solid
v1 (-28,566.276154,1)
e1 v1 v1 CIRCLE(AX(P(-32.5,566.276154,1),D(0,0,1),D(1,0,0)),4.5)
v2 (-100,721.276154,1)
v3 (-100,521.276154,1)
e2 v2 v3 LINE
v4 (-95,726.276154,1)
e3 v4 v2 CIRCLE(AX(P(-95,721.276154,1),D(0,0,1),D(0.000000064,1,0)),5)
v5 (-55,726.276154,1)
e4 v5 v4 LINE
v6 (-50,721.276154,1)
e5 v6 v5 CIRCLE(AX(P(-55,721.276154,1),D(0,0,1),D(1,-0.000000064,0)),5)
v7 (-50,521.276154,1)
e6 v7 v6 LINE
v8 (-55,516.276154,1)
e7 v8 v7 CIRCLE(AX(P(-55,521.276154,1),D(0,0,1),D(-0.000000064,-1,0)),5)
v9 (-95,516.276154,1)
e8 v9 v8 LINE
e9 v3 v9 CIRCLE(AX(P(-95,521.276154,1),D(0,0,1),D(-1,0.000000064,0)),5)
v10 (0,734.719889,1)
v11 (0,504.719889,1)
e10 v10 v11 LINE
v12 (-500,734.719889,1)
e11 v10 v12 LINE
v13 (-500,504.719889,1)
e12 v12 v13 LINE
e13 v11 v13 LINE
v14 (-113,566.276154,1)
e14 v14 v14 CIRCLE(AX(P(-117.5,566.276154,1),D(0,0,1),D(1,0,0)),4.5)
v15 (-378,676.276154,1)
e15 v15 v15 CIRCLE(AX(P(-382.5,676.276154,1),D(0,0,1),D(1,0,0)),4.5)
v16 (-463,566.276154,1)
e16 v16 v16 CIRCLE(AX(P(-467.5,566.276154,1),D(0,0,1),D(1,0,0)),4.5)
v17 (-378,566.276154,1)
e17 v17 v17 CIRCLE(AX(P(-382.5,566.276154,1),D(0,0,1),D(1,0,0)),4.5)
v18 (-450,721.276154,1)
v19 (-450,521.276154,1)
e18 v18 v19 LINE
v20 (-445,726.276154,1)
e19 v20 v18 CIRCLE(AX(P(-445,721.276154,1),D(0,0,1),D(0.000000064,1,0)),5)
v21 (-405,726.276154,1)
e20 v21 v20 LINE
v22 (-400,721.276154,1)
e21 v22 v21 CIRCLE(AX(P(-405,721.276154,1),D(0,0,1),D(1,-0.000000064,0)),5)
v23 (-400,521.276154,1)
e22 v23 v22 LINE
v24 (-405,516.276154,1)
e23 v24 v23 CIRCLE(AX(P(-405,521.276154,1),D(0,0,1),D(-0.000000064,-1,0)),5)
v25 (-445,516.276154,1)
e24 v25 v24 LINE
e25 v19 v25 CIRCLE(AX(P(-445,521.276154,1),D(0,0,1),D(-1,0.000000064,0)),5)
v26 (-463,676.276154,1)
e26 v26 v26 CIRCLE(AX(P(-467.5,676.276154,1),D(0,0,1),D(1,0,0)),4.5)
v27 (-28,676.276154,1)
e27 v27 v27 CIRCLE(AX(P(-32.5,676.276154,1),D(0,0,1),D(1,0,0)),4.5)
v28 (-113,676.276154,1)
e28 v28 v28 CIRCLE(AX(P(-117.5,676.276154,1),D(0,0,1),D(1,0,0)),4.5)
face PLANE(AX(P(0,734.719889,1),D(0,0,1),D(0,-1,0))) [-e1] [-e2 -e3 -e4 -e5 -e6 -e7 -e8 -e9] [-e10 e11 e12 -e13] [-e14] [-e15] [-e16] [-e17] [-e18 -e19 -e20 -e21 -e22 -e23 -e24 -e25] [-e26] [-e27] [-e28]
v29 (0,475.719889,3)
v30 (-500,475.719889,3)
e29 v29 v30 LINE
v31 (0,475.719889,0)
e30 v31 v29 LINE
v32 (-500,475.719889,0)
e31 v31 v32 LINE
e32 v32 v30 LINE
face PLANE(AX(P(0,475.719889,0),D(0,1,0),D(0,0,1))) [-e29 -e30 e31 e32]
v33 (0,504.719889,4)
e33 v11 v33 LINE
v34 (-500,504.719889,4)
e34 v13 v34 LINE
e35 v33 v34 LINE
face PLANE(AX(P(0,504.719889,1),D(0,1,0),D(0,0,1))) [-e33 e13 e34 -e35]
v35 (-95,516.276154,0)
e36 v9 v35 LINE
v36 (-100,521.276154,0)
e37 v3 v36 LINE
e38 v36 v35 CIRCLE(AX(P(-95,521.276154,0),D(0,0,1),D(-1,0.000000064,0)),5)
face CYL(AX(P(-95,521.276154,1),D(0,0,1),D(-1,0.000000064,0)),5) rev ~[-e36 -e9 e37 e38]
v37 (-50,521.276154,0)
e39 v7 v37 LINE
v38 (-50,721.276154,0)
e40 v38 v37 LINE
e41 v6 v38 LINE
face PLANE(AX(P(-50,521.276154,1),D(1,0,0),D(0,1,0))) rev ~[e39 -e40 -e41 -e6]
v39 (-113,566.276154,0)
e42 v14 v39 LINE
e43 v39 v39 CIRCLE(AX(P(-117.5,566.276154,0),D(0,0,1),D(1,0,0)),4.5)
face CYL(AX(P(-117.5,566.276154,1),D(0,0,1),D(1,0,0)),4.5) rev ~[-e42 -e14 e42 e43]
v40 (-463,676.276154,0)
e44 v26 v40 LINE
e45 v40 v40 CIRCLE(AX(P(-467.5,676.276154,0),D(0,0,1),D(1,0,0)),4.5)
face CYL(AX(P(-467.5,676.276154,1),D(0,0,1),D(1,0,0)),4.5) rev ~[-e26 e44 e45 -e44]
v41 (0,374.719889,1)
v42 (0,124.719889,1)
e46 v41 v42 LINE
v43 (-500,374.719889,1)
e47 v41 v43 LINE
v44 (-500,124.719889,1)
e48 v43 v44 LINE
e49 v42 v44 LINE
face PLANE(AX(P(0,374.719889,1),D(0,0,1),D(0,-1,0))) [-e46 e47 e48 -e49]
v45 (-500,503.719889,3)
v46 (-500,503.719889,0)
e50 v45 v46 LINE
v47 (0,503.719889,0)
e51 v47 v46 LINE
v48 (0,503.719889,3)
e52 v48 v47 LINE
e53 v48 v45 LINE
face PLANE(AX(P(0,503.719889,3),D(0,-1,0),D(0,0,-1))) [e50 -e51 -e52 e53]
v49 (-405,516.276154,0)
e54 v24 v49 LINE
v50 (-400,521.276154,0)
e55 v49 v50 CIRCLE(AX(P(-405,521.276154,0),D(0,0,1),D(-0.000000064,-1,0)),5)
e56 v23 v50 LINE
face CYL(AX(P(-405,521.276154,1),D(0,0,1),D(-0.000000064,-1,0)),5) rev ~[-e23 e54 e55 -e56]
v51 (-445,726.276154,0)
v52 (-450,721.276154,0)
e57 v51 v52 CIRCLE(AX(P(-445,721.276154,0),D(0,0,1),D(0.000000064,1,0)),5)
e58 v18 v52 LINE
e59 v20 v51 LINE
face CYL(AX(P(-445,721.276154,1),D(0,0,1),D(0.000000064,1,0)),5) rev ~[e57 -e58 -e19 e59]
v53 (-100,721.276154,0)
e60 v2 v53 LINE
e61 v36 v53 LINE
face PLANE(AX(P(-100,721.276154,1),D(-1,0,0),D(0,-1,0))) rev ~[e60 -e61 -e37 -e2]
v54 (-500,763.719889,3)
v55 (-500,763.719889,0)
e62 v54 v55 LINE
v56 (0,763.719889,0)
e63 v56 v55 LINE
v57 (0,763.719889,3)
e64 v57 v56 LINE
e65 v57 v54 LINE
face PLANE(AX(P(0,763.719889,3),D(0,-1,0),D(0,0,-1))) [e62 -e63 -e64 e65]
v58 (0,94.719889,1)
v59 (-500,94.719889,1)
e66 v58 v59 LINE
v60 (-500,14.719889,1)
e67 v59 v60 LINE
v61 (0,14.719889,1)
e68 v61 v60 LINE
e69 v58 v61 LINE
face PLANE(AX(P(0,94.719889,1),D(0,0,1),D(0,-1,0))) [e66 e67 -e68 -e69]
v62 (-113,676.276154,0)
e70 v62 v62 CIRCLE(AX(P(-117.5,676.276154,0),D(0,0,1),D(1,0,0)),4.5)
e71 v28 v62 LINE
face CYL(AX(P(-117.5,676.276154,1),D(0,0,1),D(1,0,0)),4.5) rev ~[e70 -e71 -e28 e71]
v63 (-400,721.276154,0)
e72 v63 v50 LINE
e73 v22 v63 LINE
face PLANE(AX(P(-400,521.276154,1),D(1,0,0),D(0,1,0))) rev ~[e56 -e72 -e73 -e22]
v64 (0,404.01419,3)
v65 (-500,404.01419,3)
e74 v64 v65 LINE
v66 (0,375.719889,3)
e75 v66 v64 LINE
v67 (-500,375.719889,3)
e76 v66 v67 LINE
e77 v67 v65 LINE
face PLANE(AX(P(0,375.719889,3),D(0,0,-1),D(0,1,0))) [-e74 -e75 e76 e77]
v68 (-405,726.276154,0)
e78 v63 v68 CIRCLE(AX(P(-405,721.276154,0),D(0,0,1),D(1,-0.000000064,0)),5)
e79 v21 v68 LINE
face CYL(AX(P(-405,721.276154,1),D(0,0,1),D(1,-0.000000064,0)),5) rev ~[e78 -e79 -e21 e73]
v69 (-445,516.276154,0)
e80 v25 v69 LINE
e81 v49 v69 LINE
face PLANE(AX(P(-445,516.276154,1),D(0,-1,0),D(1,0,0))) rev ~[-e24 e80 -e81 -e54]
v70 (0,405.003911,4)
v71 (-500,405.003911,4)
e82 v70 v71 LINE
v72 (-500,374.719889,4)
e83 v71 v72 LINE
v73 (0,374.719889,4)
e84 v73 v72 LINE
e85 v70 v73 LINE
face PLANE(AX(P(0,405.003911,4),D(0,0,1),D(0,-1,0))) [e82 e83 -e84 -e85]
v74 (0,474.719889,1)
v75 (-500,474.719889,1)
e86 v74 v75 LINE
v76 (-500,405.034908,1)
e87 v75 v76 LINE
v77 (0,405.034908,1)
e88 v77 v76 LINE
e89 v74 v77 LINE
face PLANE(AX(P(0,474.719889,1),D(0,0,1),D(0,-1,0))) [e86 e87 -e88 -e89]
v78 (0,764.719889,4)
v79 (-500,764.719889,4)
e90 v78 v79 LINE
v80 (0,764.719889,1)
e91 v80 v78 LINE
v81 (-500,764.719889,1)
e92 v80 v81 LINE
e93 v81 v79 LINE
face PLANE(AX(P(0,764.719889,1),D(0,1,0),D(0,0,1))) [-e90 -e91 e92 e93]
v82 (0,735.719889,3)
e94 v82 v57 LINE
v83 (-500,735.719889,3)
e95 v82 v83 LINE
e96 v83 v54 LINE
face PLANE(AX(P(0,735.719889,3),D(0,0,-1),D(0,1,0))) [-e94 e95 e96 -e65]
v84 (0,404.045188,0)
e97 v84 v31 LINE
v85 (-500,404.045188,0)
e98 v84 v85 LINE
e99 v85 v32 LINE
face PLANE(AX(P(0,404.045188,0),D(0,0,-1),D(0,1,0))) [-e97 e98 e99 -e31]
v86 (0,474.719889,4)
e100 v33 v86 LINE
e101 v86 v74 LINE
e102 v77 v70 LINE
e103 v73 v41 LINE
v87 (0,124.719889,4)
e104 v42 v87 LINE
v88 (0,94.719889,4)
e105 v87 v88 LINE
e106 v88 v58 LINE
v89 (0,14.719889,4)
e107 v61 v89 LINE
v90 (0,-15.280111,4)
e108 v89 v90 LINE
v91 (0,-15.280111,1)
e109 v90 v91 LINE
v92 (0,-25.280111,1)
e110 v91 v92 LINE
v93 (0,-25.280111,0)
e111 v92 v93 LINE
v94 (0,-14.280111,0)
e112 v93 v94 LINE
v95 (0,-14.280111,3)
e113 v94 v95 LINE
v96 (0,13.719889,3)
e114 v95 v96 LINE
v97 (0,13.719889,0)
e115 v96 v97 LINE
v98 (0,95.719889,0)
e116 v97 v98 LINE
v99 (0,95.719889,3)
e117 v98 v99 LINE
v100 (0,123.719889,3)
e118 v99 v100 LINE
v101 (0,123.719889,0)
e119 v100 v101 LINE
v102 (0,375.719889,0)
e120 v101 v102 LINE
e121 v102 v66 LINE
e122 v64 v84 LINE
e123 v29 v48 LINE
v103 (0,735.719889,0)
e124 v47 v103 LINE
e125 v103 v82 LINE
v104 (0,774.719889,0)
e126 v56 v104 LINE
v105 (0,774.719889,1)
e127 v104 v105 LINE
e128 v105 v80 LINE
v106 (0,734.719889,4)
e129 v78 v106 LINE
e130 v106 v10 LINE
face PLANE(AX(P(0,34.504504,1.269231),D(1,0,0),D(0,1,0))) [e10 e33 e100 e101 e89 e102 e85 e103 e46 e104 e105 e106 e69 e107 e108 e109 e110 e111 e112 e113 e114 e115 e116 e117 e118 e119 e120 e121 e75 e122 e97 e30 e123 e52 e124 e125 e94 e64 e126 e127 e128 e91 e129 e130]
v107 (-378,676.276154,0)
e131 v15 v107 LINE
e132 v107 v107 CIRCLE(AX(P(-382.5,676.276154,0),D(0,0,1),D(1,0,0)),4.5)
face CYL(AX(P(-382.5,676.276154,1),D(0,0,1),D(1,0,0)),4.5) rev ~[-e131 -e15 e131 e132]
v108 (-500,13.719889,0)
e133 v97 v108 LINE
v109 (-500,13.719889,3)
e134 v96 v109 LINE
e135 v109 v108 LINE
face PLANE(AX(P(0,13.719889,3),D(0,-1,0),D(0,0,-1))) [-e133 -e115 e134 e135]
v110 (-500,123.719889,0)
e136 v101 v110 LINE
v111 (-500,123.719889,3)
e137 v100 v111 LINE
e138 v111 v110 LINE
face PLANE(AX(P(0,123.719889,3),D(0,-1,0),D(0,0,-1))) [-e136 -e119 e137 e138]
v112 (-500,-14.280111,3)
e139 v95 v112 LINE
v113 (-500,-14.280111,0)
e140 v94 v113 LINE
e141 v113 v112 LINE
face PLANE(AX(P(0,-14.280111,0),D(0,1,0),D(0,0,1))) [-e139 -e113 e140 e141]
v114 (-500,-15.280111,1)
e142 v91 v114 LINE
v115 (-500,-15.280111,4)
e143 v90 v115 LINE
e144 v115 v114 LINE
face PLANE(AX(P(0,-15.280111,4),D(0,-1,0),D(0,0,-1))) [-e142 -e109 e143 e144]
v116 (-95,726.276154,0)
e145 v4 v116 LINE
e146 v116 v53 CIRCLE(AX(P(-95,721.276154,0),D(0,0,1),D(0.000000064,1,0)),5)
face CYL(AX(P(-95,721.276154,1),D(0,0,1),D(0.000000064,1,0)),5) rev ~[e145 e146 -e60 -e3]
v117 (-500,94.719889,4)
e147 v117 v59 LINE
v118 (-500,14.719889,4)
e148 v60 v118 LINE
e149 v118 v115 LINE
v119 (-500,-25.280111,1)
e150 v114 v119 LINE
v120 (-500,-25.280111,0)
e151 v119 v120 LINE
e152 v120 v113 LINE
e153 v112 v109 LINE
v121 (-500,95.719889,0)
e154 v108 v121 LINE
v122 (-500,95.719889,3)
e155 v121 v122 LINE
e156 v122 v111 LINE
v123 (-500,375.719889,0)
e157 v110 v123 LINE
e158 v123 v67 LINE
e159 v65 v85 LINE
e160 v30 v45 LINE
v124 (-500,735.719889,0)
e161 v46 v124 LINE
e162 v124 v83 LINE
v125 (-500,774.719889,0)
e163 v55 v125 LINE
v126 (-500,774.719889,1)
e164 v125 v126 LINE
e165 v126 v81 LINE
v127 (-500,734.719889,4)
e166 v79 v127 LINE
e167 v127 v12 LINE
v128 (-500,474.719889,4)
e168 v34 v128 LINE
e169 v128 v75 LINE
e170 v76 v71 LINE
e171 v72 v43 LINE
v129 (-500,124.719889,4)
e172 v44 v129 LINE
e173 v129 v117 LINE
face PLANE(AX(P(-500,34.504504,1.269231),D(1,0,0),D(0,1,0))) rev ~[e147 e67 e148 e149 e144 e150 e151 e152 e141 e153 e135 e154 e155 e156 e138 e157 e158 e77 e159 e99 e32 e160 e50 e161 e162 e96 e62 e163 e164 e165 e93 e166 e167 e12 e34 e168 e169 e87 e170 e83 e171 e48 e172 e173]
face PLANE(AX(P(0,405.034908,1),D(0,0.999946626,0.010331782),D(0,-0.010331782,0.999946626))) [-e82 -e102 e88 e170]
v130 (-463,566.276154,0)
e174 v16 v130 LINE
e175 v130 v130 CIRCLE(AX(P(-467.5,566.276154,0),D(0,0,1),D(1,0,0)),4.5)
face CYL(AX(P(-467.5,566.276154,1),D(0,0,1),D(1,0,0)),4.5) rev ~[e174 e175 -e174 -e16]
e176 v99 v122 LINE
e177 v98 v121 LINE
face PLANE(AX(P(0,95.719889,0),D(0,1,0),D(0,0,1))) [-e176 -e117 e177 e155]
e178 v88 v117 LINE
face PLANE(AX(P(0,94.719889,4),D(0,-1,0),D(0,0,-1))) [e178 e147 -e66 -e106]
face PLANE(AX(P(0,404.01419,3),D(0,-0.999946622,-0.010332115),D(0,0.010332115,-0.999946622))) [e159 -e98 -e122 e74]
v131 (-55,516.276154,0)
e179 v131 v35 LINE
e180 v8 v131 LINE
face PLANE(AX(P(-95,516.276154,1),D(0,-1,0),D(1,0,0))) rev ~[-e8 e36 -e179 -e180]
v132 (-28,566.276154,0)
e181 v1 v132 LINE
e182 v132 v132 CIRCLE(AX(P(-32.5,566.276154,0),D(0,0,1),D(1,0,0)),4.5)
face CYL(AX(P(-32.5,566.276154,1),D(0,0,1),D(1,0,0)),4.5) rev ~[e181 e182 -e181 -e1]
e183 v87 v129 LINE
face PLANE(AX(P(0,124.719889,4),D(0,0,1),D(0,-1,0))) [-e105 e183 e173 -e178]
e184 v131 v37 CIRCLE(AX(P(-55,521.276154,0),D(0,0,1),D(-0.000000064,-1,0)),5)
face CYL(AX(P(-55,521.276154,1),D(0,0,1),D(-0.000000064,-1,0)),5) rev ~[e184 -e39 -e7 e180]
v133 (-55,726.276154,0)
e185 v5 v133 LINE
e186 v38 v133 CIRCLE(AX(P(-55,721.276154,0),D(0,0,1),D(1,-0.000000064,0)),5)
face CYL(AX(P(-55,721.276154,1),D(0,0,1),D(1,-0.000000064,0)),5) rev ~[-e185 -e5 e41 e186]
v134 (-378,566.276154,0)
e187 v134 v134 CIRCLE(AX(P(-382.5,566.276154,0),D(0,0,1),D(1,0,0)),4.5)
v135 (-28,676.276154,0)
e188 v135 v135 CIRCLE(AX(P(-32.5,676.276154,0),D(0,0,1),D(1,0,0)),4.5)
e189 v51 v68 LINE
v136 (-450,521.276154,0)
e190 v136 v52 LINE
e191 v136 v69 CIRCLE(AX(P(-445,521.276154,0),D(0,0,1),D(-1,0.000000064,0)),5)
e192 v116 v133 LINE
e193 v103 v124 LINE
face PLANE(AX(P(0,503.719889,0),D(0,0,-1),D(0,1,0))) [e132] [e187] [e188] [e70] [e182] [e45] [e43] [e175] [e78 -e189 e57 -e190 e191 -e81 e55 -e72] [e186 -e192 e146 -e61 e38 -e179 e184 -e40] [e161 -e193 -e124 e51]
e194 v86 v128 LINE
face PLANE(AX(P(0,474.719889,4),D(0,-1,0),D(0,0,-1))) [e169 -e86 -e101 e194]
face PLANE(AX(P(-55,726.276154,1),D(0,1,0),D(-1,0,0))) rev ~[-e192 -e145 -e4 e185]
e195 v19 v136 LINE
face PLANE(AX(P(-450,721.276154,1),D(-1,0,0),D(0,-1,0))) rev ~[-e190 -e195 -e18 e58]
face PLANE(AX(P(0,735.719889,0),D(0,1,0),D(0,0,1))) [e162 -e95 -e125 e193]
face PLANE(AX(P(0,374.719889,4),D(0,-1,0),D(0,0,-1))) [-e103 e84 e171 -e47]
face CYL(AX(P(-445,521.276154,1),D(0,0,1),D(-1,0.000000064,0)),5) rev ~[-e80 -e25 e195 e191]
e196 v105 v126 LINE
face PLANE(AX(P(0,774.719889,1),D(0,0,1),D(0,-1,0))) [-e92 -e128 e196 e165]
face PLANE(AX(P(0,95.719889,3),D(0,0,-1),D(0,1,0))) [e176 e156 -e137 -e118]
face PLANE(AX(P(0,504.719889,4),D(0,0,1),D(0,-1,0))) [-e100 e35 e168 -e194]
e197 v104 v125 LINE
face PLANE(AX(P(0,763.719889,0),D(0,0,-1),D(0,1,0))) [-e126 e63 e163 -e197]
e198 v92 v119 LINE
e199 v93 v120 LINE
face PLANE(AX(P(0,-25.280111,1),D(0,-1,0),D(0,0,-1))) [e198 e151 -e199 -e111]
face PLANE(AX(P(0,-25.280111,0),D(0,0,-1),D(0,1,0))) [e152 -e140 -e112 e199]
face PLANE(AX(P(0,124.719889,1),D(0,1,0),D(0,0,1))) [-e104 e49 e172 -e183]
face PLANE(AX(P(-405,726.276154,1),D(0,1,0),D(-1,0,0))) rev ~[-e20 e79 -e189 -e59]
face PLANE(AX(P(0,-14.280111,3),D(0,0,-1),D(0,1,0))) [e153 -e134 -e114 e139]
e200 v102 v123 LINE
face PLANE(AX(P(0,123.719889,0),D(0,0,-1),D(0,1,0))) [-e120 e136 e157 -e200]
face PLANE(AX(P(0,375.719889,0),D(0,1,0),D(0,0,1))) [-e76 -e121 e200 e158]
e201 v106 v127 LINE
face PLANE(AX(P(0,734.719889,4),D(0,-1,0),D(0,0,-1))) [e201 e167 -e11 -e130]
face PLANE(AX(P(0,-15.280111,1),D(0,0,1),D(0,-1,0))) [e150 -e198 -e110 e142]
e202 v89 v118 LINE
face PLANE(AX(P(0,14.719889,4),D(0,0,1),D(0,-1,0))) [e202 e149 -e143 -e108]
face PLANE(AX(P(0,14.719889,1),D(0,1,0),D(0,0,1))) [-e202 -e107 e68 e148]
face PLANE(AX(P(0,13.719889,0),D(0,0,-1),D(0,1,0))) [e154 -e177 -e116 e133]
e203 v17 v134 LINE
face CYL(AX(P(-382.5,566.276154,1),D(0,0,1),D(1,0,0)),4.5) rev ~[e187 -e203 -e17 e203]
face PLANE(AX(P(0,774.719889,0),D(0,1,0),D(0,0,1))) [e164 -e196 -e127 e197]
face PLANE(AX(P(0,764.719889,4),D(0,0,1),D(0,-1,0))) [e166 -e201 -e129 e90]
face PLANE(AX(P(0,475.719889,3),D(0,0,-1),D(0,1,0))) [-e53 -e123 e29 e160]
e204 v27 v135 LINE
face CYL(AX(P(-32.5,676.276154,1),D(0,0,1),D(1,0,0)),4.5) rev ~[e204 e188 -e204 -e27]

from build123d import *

# Parameters (mm, degrees)
F0_W     = 1
F0_H     = 1
F1_DEPTH = 500
F2_R     = 4.5
F3_DEPTH = 1.001


with BuildPart() as f1:
    # F0 (on Right) → F1 (new body)
    with BuildSketch(Plane.YZ):
        Polygon((-25.280111, 1), (-25.280111, 0), (-14.280111, 0), (-14.280111, 3), (13.719889, 3), (13.719889, 0), (95.719889, 0), (95.719889, 3), (94.719889, 3), (94.719889, 1), (14.719889, 1), (14.719889, 4), (-15.280111, 4), (-15.280111, 1), align=None)
        Polygon((95.719889, 4), (95.719889, 3), (123.719889, 3), (123.719889, 0), (375.719889, 0), (375.719889, 3), (404.01419, 3), (404.045188, 0), (475.719889, 0), (475.719889, 3), (503.719889, 3), (503.719889, 0), (735.719889, 0), (735.719889, 1), (735.719889, 3), (763.719889, 3), (763.719889, 1), (763.719889, 0), (774.719889, 0), (774.719889, 1), (764.719889, 1), (764.719889, 4), (734.719889, 4), (734.719889, 1), (504.719889, 1), (504.719889, 4), (474.719889, 4), (474.719889, 1), (405.034908, 1), (405.003911, 4), (374.719889, 4), (374.719889, 1), (124.719889, 1), (124.719889, 4), align=None)
        with Locations((95.219889, 3.5)):
            Rectangle(F0_W, F0_H)
    extrude(amount=-F1_DEPTH)

    # F2 (on face) → F3 (cut, through all)
    with BuildSketch(Plane.XY.offset(1)):
        with BuildLine():
            Line((-405, 726.276154), (-445, 726.276154))
            ThreePointArc((-445, 726.276154), (-448.535534, 724.811688), (-450, 721.276154))
            Line((-450, 721.276154), (-450, 521.276154))
            ThreePointArc((-450, 521.276154), (-448.535534, 517.74062), (-445, 516.276154))
            Line((-445, 516.276154), (-405, 516.276154))
            ThreePointArc((-405, 516.276154), (-401.464466, 517.74062), (-400, 521.276154))
            Line((-400, 521.276154), (-400, 721.276154))
            ThreePointArc((-400, 721.276154), (-401.464466, 724.811688), (-405, 726.276154))
        make_face()
        with Locations((-467.5, 676.276154)):
            Circle(F2_R)
        with Locations((-467.5, 566.276154)):
            Circle(F2_R)
        with Locations((-382.5, 676.276154)):
            Circle(F2_R)
        with Locations((-382.5, 566.276154)):
            Circle(F2_R)
        with BuildLine():
            ThreePointArc((-100, 521.276154), (-98.535534, 517.74062), (-95, 516.276154))
            Line((-95, 516.276154), (-55, 516.276154))
            ThreePointArc((-55, 516.276154), (-51.464466, 517.74062), (-50, 521.276154))
            Line((-50, 521.276154), (-50, 721.276154))
            ThreePointArc((-50, 721.276154), (-51.464466, 724.811688), (-55, 726.276154))
            Line((-55, 726.276154), (-95, 726.276154))
            ThreePointArc((-95, 726.276154), (-98.535534, 724.811688), (-100, 721.276154))
            Line((-100, 721.276154), (-100, 521.276154))
        make_face()
        with Locations((-32.5, 566.276154)):
            Circle(F2_R)
        with Locations((-117.5, 676.276154)):
            Circle(F2_R)
        with Locations((-117.5, 566.276154)):
            Circle(F2_R)
        with Locations((-32.5, 676.276154)):
            Circle(F2_R)
    extrude(amount=-F3_DEPTH, mode=Mode.SUBTRACT)


solid = f1.part
